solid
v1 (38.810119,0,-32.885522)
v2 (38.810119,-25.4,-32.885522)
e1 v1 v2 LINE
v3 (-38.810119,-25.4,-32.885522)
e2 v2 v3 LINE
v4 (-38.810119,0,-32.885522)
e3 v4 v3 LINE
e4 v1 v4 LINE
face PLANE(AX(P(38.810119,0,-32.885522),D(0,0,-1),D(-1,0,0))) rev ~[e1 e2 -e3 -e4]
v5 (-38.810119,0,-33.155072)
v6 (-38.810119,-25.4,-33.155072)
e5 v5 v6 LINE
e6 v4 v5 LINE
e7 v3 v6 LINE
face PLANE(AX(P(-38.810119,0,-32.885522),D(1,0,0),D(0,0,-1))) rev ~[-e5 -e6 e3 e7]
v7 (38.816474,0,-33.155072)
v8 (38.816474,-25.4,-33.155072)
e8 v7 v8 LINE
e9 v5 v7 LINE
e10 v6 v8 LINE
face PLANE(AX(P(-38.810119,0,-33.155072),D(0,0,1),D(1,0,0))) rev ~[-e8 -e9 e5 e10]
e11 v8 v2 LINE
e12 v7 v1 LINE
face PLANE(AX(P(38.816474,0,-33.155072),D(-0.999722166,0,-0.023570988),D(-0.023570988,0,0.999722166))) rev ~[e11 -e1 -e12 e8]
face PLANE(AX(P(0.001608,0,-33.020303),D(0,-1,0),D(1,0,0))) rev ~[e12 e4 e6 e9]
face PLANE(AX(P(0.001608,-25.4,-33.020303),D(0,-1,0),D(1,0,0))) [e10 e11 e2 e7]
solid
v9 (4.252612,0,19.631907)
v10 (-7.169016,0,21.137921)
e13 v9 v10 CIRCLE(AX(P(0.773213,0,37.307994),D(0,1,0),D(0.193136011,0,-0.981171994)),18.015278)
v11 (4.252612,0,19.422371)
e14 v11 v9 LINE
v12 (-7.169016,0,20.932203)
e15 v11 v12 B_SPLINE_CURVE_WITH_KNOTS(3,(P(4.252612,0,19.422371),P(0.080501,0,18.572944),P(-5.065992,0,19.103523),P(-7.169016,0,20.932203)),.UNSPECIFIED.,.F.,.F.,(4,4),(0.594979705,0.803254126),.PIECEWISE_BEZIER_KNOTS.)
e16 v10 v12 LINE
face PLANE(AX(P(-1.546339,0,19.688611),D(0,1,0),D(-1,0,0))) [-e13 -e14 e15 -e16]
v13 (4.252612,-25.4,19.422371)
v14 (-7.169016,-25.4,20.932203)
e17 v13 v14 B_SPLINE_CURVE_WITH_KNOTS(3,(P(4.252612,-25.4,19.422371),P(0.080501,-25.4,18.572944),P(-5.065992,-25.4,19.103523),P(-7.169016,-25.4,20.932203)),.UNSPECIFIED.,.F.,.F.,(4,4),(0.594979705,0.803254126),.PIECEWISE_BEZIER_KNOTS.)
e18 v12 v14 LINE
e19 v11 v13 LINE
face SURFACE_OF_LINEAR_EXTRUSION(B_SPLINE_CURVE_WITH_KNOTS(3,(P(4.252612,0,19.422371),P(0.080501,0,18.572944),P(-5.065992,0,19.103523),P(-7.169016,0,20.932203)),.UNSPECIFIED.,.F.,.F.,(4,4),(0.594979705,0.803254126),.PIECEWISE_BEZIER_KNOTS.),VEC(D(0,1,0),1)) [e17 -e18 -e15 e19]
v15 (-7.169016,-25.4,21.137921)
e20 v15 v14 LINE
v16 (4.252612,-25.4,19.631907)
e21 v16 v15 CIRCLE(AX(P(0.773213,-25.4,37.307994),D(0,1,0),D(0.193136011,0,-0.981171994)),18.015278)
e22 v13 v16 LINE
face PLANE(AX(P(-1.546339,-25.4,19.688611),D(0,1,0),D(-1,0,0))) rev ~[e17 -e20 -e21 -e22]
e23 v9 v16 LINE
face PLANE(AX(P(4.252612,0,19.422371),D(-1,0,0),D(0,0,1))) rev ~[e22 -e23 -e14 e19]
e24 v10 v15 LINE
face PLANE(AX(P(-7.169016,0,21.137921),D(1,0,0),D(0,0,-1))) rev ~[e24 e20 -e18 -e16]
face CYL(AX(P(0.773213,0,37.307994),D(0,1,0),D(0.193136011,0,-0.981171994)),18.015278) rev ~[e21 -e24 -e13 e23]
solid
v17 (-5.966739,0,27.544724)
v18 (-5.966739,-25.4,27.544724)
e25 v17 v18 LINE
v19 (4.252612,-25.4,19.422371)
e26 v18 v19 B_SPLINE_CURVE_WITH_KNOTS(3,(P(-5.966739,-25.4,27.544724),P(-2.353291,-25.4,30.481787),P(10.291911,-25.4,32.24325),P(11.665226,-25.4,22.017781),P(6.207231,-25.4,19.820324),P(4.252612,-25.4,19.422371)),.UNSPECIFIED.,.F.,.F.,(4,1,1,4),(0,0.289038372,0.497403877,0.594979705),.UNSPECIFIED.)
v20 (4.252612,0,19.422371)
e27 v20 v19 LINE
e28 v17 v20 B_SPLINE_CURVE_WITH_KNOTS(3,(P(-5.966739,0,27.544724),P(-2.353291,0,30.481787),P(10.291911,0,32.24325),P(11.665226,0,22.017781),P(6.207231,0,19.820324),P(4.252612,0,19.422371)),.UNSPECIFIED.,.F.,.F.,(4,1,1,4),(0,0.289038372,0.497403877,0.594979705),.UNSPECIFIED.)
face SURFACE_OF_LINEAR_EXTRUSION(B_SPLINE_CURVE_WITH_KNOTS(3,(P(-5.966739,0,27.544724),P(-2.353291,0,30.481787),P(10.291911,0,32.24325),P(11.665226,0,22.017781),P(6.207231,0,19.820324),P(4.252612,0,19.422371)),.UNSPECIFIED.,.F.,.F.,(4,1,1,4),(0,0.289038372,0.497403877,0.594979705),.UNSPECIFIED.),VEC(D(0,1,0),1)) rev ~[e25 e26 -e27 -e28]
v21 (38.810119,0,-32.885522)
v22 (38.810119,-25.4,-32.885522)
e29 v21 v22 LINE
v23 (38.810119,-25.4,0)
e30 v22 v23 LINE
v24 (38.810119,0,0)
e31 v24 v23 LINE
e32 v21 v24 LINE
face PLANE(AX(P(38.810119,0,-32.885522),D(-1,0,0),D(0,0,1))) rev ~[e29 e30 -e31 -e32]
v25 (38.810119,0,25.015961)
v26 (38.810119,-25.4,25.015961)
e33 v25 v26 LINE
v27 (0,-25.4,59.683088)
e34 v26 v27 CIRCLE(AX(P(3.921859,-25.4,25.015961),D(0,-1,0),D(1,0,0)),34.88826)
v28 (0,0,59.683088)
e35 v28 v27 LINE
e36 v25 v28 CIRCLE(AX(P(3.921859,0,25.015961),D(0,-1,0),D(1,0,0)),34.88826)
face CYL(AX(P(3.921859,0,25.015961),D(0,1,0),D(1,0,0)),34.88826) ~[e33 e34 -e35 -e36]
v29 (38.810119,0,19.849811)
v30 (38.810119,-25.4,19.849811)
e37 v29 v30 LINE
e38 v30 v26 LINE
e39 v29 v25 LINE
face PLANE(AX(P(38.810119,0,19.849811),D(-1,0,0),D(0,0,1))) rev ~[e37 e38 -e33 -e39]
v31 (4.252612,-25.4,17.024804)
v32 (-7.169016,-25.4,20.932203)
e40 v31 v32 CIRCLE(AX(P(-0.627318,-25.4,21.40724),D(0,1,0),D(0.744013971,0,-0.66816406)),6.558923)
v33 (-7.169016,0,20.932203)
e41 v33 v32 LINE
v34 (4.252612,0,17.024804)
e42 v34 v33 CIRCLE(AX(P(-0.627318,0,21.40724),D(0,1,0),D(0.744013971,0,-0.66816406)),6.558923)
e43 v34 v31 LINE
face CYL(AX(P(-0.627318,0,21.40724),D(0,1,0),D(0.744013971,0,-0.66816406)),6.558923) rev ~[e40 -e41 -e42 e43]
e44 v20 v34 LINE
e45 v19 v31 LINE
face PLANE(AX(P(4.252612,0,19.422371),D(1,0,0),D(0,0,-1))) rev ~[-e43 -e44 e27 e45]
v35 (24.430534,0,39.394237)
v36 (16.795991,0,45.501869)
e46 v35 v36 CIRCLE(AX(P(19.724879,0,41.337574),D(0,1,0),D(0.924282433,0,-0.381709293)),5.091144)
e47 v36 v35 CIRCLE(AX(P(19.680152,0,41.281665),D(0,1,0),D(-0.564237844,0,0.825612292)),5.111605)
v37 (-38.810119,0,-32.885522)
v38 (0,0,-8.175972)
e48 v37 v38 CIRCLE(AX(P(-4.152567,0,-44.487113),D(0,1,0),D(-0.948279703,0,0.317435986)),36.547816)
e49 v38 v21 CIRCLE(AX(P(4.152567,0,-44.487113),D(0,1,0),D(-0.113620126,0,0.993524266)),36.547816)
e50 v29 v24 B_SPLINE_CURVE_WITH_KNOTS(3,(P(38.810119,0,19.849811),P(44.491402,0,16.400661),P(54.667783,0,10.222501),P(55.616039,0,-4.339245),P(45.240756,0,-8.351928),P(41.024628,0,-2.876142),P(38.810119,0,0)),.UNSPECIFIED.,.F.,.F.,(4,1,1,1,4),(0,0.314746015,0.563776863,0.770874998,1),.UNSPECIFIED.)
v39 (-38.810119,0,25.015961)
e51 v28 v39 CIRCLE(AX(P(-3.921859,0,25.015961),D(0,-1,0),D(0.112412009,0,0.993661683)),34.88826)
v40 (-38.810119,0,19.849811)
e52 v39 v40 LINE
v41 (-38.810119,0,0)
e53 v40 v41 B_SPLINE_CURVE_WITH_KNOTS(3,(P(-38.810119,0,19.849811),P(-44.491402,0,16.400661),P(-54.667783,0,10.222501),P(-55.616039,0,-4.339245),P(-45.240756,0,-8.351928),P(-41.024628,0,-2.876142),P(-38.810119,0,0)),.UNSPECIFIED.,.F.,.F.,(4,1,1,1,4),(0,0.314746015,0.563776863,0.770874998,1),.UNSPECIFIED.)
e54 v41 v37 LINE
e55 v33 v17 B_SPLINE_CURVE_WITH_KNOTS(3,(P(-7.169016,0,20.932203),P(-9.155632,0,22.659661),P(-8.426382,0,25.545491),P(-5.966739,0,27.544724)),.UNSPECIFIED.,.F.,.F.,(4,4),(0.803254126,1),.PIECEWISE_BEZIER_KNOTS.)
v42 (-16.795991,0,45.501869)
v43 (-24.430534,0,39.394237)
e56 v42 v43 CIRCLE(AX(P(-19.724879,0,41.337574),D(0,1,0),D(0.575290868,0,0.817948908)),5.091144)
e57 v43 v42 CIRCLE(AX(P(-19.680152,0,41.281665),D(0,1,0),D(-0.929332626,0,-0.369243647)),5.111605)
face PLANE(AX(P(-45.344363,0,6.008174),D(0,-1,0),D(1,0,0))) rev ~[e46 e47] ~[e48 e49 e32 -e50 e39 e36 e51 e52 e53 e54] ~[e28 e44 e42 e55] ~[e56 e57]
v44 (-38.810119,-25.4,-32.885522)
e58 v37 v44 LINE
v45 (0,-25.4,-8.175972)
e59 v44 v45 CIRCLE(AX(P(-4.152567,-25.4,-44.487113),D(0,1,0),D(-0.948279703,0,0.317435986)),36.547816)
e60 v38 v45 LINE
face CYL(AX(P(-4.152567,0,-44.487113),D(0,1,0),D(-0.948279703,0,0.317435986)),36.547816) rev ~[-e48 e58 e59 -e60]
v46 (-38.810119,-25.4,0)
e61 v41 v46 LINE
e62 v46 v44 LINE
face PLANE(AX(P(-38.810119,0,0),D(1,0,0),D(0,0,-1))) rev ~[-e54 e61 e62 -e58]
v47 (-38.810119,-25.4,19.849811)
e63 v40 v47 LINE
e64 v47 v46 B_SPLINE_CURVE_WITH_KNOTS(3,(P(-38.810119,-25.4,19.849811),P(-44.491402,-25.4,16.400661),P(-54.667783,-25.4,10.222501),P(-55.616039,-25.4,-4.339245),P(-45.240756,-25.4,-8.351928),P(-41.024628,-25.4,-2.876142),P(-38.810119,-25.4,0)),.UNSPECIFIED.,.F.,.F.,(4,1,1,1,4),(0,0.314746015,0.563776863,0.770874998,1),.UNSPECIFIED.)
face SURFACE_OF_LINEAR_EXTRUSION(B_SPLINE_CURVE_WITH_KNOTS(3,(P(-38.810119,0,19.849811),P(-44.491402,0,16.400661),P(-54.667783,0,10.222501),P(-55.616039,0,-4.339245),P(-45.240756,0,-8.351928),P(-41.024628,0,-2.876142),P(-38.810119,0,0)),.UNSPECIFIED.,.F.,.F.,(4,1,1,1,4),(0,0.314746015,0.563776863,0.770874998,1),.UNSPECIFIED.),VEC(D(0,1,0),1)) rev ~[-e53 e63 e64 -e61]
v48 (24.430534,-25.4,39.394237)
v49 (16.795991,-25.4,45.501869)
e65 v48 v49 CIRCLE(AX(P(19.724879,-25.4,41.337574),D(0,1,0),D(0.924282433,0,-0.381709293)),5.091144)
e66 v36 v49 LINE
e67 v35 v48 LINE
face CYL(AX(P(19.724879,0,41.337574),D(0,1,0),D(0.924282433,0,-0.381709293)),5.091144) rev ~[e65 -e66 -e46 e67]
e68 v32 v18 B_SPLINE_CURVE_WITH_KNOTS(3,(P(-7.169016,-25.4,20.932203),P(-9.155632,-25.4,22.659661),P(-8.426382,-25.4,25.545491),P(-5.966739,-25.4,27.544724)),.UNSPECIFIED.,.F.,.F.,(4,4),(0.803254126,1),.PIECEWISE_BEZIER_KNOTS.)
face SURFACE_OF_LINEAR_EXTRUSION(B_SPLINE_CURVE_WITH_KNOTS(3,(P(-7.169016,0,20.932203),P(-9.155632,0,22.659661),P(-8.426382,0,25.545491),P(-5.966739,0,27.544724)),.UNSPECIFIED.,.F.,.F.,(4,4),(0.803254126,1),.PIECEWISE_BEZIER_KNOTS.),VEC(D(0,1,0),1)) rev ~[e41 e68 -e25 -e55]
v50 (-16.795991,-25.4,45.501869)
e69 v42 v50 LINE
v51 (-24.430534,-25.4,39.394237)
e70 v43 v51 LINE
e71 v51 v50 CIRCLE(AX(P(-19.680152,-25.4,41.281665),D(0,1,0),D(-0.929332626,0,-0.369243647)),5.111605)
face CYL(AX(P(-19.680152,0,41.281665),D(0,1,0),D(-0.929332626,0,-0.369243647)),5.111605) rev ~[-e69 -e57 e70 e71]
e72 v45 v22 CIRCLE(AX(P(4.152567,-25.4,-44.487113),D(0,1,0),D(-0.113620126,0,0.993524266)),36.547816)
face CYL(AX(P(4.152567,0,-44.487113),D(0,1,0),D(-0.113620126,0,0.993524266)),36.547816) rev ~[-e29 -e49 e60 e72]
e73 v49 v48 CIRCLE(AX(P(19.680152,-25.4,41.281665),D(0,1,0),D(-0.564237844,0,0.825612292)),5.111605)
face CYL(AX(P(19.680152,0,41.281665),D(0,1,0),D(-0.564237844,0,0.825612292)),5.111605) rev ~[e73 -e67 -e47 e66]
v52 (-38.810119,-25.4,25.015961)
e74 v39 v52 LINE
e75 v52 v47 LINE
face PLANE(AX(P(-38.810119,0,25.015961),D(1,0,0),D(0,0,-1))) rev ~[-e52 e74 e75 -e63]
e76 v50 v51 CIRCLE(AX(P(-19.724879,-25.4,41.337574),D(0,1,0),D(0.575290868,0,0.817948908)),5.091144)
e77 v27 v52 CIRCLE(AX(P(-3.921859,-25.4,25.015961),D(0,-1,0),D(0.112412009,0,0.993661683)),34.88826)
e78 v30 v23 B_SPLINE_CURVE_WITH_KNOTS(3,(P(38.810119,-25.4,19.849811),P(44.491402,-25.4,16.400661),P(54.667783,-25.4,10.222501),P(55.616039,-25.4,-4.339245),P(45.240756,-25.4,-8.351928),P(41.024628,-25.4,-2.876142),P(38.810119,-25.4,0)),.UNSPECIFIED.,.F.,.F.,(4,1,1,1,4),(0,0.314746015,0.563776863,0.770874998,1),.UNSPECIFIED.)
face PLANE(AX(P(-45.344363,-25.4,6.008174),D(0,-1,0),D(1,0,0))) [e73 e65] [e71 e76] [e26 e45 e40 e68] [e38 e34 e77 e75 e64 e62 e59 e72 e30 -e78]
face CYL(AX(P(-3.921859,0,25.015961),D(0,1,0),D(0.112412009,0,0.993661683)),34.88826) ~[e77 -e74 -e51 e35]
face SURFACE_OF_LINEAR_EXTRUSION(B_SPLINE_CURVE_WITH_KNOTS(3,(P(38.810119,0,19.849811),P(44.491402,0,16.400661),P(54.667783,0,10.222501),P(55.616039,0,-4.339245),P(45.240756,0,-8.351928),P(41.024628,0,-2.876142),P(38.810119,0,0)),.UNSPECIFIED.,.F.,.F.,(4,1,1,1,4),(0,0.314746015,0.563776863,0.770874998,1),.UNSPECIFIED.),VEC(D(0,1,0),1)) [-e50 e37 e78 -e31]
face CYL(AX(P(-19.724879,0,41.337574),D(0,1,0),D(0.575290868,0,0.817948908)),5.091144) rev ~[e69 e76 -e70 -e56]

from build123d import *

# Parameters (mm, degrees)
F1_DEPTH = 25.4


with BuildPart() as f1:
    # F0 (on Front) → F1 (new body)
    with BuildSketch(Plane.XZ):
        with BuildLine():
            add(Edge.make_bspline(
                [(-38.8101190329, 19.8498107493), (-44.4914015421, 16.400660606), (-54.6677833754, 10.2225012202), (-55.6160392018, -4.3392453121), (-45.2407556156, -8.3519283639), (-41.0246283015, -2.876141815), (-38.8101190329, 0)],
                knots=[0, 0, 0, 0, 0.3147460153, 0.5637768632, 0.7708749979, 1, 1, 1, 1], degree=3))
            Line((-38.8101190329, 0), (-38.8101190329, 19.8498107493))
        make_face()
        with BuildLine():
            Line((-38.8101190329, 0), (-38.8101190329, -32.8855216503))
            ThreePointArc((-38.8101190329, -32.8855216503), (-23.781091994, -13.6575199069), (0, -8.1759719178))
            ThreePointArc((0, -8.1759719178), (23.781091994, -13.6575199069), (38.8101190329, -32.8855216503))
            Line((38.8101190329, -32.8855216503), (38.8101190329, 0))
            Line((38.8101190329, 0), (38.8101190329, 19.8498107493))
            Line((38.8101190329, 19.8498107493), (38.8101190329, 25.0159613788))
            ThreePointArc((38.8101190329, 25.0159613788), (27.1636731374, 51.0353532928), (0, 59.6830882132))
            ThreePointArc((0, 59.6830882132), (-27.1636731374, 51.0353532928), (-38.8101190329, 25.0159613788))
            Line((-38.8101190329, 25.0159613788), (-38.8101190329, 19.8498107493))
            Line((-38.8101190329, 19.8498107493), (-38.8101190329, 0))
        make_face()
        with BuildLine():
            ThreePointArc((-24.4305338711, 39.3942371011), (-22.8733460672, 45.2731587171), (-16.7959909886, 45.5018691719))
            ThreePointArc((-16.7959909886, 45.5018691719), (-16.5444679316, 37.3620581524), (-24.4305338711, 39.3942371011))
        make_face(mode=Mode.SUBTRACT)
        with BuildLine():
            add(Edge.make_bspline(
                [(-7.1690157056, 20.9322031587), (-9.1556315433, 22.6596609859), (-8.4263815676, 25.5454906165), (-5.9667392634, 27.5447238237)],
                knots=[0.8032541264, 0.8032541264, 0.8032541264, 0.8032541264, 1, 1, 1, 1], degree=3))
            add(Edge.make_bspline(
                [(-5.9667392634, 27.5447238237), (-2.3532911376, 30.4817872629), (10.2919108606, 32.243250445), (11.6652255459, 22.0177812438), (6.2072312879, 19.8203238219), (4.2526121251, 19.4223705445)],
                knots=[0, 0, 0, 0, 0.2890383723, 0.4974038767, 0.5949797049, 0.5949797049, 0.5949797049, 0.5949797049], degree=3))
            Line((4.2526121251, 19.4223705445), (4.2526121251, 17.0248039067))
            ThreePointArc((4.2526121251, 17.0248039067), (-2.7503606956, 15.2014239043), (-7.1690157056, 20.9322031587))
        make_face(mode=Mode.SUBTRACT)
        with BuildLine():
            ThreePointArc((16.7959909886, 45.5018691719), (22.8733460672, 45.2731587171), (24.4305338711, 39.3942371011))
            ThreePointArc((24.4305338711, 39.3942371011), (16.5444679316, 37.3620581524), (16.7959909886, 45.5018691719))
        make_face(mode=Mode.SUBTRACT)
        with BuildLine():
            Line((38.8101190329, 19.8498107493), (38.8101190329, 0))
            add(Edge.make_bspline(
                [(38.8101190329, 19.8498107493), (44.4914015421, 16.400660606), (54.6677833754, 10.2225012202), (55.6160392018, -4.3392453121), (45.2407556156, -8.3519283639), (41.0246283015, -2.876141815), (38.8101190329, 0)],
                knots=[0, 0, 0, 0, 0.3147460153, 0.5637768632, 0.7708749979, 1, 1, 1, 1], degree=3))
        make_face()
    extrude(amount=F1_DEPTH)


with BuildPart() as f1b:
    # F0 (on Front) → F1, piece 2 (new body)
    with BuildSketch(Plane.XZ):
        Polygon((0, -32.8855216503), (-38.8101190329, -32.8855216503), (-38.8101190329, -33.1550724804), (38.8164743781, -33.1550724804), (38.8101190329, -32.8855216503), align=None)
    extrude(amount=F1_DEPTH)


with BuildPart() as f1c:
    # F0 (on Front) → F1, piece 3 (new body)
    with BuildSketch(Plane.XZ):
        with BuildLine():
            add(Edge.make_bspline(
                [(4.2526121251, 19.4223705445), (0.0805012352, 18.5729441018), (-5.0659918564, 19.103522978), (-7.1690157056, 20.9322031587)],
                knots=[0.5949797049, 0.5949797049, 0.5949797049, 0.5949797049, 0.8032541264, 0.8032541264, 0.8032541264, 0.8032541264], degree=3))
            Line((4.2526121251, 19.4223705445), (4.2526121251, 19.6319073439))
            ThreePointArc((4.2526121251, 19.6319073439), (-1.581830803, 19.4473102325), (-7.1690157056, 21.1379211396))
            Line((-7.1690157056, 21.1379211396), (-7.1690157056, 20.9322031587))
        make_face()
    extrude(amount=F1_DEPTH)


solid = Compound([f1.part, f1b.part, f1c.part])
